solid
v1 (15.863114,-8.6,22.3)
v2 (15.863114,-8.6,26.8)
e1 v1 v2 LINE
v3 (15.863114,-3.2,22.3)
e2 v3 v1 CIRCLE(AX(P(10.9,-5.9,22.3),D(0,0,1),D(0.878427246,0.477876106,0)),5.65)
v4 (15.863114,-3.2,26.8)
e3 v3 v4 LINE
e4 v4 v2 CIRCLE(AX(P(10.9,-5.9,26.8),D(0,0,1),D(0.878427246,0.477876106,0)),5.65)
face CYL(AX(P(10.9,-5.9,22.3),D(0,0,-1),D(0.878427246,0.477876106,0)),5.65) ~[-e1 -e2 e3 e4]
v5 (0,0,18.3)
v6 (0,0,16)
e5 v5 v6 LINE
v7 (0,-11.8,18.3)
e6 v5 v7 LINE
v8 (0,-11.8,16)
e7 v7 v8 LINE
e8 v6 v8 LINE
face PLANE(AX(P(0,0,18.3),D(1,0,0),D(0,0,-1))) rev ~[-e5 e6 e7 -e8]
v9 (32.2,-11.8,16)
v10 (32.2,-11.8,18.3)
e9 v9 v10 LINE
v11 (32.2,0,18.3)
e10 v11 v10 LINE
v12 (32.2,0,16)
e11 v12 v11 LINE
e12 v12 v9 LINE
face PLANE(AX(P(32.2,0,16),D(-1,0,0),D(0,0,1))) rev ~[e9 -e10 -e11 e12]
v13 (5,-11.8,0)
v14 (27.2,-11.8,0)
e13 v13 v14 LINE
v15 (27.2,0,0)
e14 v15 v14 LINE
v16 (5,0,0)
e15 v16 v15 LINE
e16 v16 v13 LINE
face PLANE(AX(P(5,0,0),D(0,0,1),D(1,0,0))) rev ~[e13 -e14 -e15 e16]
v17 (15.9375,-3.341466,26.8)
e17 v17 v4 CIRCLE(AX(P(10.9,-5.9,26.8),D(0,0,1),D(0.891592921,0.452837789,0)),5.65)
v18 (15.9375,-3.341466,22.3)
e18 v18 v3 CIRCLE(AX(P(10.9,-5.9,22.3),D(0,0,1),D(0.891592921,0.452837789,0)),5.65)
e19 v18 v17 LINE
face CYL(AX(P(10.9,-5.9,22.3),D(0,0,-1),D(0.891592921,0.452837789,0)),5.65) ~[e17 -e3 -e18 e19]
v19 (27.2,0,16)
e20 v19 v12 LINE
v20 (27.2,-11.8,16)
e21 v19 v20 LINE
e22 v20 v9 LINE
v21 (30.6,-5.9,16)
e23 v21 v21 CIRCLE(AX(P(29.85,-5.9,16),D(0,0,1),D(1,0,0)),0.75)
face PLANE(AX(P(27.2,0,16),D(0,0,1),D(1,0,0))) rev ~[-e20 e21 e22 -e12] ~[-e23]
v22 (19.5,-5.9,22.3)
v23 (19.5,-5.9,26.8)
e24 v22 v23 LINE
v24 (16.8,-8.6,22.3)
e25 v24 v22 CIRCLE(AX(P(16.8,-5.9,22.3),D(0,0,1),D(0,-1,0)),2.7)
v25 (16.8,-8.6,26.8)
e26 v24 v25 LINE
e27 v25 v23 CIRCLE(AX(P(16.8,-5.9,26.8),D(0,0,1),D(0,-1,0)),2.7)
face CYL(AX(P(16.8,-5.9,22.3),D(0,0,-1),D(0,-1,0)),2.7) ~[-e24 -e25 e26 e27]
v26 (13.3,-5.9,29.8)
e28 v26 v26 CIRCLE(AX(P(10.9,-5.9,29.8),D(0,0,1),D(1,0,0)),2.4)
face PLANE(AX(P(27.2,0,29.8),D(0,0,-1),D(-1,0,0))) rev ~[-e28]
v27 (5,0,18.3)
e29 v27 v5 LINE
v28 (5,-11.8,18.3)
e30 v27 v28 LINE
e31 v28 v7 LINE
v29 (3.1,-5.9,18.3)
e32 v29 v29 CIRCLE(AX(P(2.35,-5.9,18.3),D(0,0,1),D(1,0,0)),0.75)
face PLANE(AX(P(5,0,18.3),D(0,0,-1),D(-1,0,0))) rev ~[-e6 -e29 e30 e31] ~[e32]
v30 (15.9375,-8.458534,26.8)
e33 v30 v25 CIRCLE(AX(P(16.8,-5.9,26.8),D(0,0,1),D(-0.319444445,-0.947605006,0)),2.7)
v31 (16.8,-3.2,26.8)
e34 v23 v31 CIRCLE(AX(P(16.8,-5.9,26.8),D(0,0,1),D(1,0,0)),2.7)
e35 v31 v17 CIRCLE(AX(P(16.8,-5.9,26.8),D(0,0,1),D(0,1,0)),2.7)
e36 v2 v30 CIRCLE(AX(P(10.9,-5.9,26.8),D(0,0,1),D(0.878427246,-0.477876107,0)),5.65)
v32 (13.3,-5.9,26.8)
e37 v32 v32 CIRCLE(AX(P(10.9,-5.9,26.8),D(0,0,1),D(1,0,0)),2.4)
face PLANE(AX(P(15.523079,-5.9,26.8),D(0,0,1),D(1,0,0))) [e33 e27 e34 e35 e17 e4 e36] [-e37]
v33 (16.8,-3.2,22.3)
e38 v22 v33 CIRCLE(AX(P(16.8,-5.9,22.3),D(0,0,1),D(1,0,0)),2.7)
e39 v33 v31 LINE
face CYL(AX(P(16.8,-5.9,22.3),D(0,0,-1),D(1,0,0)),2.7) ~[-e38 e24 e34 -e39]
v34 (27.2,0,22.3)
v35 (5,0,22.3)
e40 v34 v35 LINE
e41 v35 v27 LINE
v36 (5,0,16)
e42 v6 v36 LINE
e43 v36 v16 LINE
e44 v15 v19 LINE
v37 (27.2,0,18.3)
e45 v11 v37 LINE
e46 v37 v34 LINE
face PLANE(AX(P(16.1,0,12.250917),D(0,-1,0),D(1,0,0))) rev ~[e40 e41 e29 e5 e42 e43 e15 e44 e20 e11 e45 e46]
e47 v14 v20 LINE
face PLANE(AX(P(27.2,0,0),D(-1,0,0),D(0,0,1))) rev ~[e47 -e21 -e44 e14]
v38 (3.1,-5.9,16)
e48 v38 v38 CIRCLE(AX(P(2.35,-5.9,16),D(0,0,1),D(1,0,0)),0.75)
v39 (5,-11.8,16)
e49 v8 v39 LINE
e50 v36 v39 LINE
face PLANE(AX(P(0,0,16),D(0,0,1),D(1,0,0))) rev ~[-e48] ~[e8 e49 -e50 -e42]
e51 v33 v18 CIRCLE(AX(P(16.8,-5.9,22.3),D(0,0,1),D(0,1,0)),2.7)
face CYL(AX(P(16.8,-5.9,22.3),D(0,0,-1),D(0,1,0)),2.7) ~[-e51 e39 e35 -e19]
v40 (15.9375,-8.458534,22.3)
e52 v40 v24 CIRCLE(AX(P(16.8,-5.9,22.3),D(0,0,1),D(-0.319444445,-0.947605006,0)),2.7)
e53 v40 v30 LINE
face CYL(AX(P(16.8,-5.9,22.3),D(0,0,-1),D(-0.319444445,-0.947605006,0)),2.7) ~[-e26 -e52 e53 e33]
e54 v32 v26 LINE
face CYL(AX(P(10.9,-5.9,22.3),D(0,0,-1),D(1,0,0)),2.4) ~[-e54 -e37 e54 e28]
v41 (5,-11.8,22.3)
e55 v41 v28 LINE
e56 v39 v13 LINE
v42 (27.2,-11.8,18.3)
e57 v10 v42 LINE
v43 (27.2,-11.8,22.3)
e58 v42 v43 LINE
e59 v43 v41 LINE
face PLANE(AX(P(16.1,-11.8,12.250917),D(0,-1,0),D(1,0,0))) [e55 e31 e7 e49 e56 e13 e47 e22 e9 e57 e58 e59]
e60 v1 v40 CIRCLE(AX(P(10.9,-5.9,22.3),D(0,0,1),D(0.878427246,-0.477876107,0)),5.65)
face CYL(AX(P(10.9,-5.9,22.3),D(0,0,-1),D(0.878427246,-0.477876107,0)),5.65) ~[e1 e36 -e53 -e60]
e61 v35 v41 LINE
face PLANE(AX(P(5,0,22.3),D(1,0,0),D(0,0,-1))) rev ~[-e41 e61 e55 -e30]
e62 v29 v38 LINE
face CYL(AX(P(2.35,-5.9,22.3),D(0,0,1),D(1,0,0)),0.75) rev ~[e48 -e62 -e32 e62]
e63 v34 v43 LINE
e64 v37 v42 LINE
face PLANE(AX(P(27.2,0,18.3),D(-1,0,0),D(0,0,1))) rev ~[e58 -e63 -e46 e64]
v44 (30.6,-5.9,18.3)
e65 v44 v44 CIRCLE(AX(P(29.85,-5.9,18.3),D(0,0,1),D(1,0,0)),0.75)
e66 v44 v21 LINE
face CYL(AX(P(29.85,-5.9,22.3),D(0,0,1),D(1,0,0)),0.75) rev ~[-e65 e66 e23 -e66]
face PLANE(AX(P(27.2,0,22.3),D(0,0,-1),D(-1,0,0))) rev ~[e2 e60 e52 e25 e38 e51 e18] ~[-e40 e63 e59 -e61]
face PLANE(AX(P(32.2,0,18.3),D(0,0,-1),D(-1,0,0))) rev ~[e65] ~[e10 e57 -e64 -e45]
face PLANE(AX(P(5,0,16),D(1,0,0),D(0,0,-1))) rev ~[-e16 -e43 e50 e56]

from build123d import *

# Parameters (mm, degrees)
F1_DEPTH = 11.8
F2_R     = 2.4
F3_DEPTH = 4.5
F4_DEPTH = 7.5
F2_R_2   = 0.75
F5_DEPTH = 22.301


with BuildPart() as f1:
    # F0 (on Front) → F1 (new body)
    with BuildSketch(Plane.XZ):
        Polygon((5, 16), (5, 0), (27.2, 0), (27.2, 16), (32.2, 16), (32.2, 18.3), (27.2, 18.3), (27.2, 22.3), (5, 22.3), (5, 18.3), (0, 18.3), (0, 16), align=None)
    extrude(amount=F1_DEPTH)

    # F2 (on face) → F3 (join)
    with BuildSketch(Plane.XY.offset(22.3)):
        with BuildLine():
            ThreePointArc((16.55, -5.9), (16.3947418047, -4.5845865669), (15.9375, -3.3414664845))
            ThreePointArc((15.9375, -3.3414664845), (14.1, -5.9), (15.9375, -8.4585335155))
            ThreePointArc((15.9375, -8.4585335155), (16.3947418047, -7.2154134331), (16.55, -5.9))
        make_face()
        with BuildLine():
            ThreePointArc((15.9375, -3.3414664845), (15.9008072344, -3.2704701932), (15.8631139419, -3.2))
            ThreePointArc((15.8631139419, -3.2), (5.25, -5.9), (15.8631139419, -8.6))
            ThreePointArc((15.8631139419, -8.6), (15.9008072344, -8.5295298068), (15.9375, -8.4585335155))
            ThreePointArc((15.9375, -8.4585335155), (14.1, -5.9), (15.9375, -3.3414664845))
        make_face()
        with Locations((10.9, -5.9)):
            Circle(F2_R, mode=Mode.SUBTRACT)
        with BuildLine():
            ThreePointArc((16.8, -3.2), (16.3629876958, -3.235601335), (15.9375, -3.3414664845))
            ThreePointArc((15.9375, -3.3414664845), (16.3947418047, -4.5845865669), (16.55, -5.9))
            ThreePointArc((16.55, -5.9), (16.3947418047, -7.2154134331), (15.9375, -8.4585335155))
            ThreePointArc((15.9375, -8.4585335155), (16.3629876958, -8.564398665), (16.8, -8.6))
            ThreePointArc((16.8, -8.6), (18.7091883092, -7.8091883092), (19.5, -5.9))
            ThreePointArc((19.5, -5.9), (18.7091883092, -3.9908116908), (16.8, -3.2))
        make_face()
    extrude(amount=F3_DEPTH)

    # F4 (add): a face of the model
    f4_faces = [f1.faces().sort_by_distance(p)[0] for p in [
        (10.9, -5.9, 22.3),
    ]]
    extrude(f4_faces, amount=F4_DEPTH)

    # F2 (on face) → F5 (cut, through all)
    with BuildSketch(Plane.XY.offset(22.3)):
        with Locations((2.35, -5.9)):
            Circle(F2_R_2)
        with Locations((29.85, -5.9)):
            Circle(F2_R_2)
    extrude(amount=-F5_DEPTH, mode=Mode.SUBTRACT)


solid = f1.part
